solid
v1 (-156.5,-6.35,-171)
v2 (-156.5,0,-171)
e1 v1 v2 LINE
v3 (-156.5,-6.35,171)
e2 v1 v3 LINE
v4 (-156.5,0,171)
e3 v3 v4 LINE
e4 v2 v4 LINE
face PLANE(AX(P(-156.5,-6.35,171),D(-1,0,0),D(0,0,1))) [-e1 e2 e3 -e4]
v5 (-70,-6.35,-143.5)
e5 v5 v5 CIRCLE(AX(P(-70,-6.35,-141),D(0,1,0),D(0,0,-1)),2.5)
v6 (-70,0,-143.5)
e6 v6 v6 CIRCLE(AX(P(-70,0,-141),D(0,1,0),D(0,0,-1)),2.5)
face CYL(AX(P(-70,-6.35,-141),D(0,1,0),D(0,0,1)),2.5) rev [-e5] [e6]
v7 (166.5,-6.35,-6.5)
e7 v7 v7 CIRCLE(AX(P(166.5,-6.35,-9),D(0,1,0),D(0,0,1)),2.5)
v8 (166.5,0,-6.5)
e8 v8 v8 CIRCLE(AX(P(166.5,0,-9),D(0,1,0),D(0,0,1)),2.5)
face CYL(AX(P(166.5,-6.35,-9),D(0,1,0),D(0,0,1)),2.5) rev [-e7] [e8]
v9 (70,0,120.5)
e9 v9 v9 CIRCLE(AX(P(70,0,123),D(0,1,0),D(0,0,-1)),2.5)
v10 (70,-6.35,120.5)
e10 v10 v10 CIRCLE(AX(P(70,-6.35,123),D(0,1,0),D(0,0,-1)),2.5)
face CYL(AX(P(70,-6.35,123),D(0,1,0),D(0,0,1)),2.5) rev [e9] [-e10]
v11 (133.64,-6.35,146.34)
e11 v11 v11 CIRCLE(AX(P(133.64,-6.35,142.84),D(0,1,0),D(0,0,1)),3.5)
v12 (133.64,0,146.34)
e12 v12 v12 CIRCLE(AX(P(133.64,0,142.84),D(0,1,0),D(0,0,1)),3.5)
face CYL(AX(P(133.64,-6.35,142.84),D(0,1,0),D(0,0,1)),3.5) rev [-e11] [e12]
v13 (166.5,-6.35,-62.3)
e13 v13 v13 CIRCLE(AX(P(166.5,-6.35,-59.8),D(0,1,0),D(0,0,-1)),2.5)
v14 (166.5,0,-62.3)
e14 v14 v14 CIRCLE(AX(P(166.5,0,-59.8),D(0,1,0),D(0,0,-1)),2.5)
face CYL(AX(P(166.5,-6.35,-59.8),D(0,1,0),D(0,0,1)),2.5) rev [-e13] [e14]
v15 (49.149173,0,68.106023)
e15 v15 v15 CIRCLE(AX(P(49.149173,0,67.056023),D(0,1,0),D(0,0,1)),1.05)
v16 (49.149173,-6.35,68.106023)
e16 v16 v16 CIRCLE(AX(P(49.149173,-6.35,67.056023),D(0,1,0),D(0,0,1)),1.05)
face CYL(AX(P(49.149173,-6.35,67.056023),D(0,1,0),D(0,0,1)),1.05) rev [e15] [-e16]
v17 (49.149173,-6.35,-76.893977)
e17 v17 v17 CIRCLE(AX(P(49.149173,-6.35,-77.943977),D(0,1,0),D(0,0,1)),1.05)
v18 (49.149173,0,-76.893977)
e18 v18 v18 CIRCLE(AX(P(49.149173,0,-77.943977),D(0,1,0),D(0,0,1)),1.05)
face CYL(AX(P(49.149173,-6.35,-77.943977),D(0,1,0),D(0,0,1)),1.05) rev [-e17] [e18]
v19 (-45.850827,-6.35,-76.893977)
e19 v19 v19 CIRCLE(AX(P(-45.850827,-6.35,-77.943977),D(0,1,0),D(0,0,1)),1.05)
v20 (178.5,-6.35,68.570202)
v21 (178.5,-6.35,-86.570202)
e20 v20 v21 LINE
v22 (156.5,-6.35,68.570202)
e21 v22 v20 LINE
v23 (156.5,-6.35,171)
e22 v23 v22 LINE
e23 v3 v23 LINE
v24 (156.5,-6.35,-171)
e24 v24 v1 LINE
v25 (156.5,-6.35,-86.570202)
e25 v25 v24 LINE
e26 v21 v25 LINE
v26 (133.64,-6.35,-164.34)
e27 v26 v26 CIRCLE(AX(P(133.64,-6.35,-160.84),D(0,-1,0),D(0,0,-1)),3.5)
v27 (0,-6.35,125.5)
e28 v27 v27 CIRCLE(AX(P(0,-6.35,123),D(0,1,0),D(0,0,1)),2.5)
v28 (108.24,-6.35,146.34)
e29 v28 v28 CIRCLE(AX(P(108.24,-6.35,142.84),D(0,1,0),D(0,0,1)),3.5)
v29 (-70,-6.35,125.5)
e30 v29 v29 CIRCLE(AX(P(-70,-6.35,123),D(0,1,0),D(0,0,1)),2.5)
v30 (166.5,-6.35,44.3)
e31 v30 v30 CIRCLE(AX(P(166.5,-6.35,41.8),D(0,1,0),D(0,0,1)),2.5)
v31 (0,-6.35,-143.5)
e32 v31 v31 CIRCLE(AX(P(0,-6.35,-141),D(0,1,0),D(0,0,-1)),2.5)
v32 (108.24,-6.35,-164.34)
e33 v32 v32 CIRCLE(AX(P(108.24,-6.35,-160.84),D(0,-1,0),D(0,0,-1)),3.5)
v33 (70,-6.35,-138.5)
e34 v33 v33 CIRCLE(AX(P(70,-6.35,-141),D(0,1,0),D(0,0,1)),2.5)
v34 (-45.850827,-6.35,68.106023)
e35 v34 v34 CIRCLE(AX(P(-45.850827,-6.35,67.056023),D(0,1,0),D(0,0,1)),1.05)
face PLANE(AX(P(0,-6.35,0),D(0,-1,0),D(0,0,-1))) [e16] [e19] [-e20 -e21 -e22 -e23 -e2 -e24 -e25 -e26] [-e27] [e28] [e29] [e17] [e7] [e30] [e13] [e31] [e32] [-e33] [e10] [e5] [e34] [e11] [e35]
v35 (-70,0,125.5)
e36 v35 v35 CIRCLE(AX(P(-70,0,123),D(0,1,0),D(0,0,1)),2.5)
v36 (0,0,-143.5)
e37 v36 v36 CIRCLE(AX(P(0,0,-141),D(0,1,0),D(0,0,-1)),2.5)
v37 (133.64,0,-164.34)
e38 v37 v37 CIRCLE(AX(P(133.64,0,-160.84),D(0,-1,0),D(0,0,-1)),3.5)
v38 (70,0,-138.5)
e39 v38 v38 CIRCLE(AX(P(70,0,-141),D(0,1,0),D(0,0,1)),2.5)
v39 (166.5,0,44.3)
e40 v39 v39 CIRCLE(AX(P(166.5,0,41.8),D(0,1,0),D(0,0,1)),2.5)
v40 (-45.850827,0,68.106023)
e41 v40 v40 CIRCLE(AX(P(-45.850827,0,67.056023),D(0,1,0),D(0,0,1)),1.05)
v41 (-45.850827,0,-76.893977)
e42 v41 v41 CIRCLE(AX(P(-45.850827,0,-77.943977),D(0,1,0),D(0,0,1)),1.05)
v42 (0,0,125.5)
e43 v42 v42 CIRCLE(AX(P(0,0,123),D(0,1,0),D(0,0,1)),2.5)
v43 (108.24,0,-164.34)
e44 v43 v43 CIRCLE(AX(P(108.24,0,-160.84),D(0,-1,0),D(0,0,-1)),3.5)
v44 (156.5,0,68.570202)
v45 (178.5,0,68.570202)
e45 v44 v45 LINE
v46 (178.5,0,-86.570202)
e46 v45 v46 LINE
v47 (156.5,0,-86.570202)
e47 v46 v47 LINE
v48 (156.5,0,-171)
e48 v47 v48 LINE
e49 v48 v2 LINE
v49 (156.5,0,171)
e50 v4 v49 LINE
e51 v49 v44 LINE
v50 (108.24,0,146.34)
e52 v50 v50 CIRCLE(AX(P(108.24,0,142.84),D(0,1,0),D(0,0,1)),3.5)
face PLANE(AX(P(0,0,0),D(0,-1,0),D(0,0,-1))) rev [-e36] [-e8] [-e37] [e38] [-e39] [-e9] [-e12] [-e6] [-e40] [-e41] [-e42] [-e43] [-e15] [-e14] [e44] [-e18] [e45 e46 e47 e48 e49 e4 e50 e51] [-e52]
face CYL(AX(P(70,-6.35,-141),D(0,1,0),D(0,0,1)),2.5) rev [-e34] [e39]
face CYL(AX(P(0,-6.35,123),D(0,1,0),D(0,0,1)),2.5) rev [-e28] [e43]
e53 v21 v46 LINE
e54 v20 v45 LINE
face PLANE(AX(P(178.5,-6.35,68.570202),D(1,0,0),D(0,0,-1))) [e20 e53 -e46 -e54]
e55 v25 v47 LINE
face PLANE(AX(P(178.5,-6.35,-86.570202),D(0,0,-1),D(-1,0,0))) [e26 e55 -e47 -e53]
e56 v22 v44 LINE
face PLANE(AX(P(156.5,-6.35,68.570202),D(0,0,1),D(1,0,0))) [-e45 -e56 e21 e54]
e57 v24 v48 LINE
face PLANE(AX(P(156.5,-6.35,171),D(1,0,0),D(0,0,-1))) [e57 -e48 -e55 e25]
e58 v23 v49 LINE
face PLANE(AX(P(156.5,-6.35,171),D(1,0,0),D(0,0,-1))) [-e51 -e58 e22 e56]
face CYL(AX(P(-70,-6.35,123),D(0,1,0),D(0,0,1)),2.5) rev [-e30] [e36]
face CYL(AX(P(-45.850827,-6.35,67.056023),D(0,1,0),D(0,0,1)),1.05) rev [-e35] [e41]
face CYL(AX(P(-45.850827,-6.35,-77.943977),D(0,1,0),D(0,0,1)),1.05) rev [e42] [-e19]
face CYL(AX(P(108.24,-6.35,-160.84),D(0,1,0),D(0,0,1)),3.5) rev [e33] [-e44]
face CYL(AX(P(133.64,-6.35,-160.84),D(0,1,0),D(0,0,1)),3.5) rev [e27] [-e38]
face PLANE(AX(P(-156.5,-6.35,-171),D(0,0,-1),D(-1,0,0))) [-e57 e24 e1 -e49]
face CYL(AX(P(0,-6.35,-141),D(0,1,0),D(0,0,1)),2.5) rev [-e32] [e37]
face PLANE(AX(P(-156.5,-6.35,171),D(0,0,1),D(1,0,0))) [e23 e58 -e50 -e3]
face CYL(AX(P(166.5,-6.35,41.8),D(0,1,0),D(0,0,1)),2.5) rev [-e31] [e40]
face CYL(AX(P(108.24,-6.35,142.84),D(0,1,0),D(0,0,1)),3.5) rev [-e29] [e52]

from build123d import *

# Parameters (mm, degrees)
SKETCH1_W           = 313
SKETCH1_H           = 342
BOSS_EXTRUDE1_DEPTH = 6.35
SKETCH3_W           = 22
SKETCH3_H           = 155.14040353
SKETCH3_R           = 2.5
BOSS_EXTRUDE2_DEPTH = 6.35
SKETCH2_R           = 2.5
CUT_EXTRUDE1_DEPTH  = 7.35
SKETCH4_R           = 3.5
CUT_EXTRUDE2_DEPTH  = 7.35
SKETCH5_R           = 1.05
CUT_EXTRUDE3_DEPTH  = 7.35


with BuildPart() as part:
    # Sketch1 → Boss-Extrude1 (new body)
    with BuildSketch(Plane(origin=(0, 0, 0), x_dir=(1, 0, 0), z_dir=(0, 1, 0))):
        Rectangle(SKETCH1_W, SKETCH1_H)
    extrude(amount=-BOSS_EXTRUDE1_DEPTH)

    # Sketch3 → Boss-Extrude2 (add)
    with BuildSketch(Plane(origin=(0, 0, 0), x_dir=(1, 0, 0), z_dir=(0, 1, 0))):
        with Locations((167.5, 9)):
            Rectangle(SKETCH3_W, SKETCH3_H)
        with Locations((166.5, 9)):
            Circle(SKETCH3_R, mode=Mode.SUBTRACT)
        with Locations((166.5, -41.8)):
            Circle(SKETCH3_R, mode=Mode.SUBTRACT)
        with Locations((166.5, 59.8)):
            Circle(SKETCH3_R, mode=Mode.SUBTRACT)
    extrude(amount=-BOSS_EXTRUDE2_DEPTH)

    # Sketch2 → Cut-Extrude1 (cut, through all)
    with BuildSketch(Plane(origin=(0, 0, 0), x_dir=(1, 0, 0), z_dir=(0, 1, 0))):
        with Locations((0, -123)):
            Circle(SKETCH2_R)
        with Locations((-70, -123)):
            Circle(SKETCH2_R)
        with Locations((70, -123)):
            Circle(SKETCH2_R)
        with Locations((-70, 141)):
            Circle(SKETCH2_R)
        with Locations((0, 141)):
            Circle(SKETCH2_R)
        with Locations((70, 141)):
            Circle(SKETCH2_R)
    extrude(amount=-CUT_EXTRUDE1_DEPTH, mode=Mode.SUBTRACT)

    # Sketch4 → Cut-Extrude2 (cut, through all)
    with BuildSketch(Plane(origin=(0, 0, 0), x_dir=(1, 0, 0), z_dir=(0, 1, 0))):
        with Locations((133.64, -142.84)):
            Circle(SKETCH4_R)
        with Locations((108.24, -142.84)):
            Circle(SKETCH4_R)
    cut_extrude2 = extrude(amount=-CUT_EXTRUDE2_DEPTH, mode=Mode.SUBTRACT)

    # Mirror1: Cut-Extrude2 across plane
    add(cut_extrude2.mirror(Plane(origin=(0, 0, -9), x_dir=(1, 0, 0), z_dir=(0, 0, -1))), mode=Mode.SUBTRACT)

    # Sketch5 → Cut-Extrude3 (cut, through all)
    with BuildSketch(Plane(origin=(0, 0, 0), x_dir=(1, 0, 0), z_dir=(0, 1, 0))):
        with Locations((49.149172759, 77.943976756)):
            Circle(SKETCH5_R)
        with Locations((49.149172759, -67.056023244)):
            Circle(SKETCH5_R)
        with Locations((-45.850827241, 77.943976756)):
            Circle(SKETCH5_R)
        with Locations((-45.850827241, -67.056023244)):
            Circle(SKETCH5_R)
    extrude(amount=-CUT_EXTRUDE3_DEPTH, mode=Mode.SUBTRACT)


solid = part.part
